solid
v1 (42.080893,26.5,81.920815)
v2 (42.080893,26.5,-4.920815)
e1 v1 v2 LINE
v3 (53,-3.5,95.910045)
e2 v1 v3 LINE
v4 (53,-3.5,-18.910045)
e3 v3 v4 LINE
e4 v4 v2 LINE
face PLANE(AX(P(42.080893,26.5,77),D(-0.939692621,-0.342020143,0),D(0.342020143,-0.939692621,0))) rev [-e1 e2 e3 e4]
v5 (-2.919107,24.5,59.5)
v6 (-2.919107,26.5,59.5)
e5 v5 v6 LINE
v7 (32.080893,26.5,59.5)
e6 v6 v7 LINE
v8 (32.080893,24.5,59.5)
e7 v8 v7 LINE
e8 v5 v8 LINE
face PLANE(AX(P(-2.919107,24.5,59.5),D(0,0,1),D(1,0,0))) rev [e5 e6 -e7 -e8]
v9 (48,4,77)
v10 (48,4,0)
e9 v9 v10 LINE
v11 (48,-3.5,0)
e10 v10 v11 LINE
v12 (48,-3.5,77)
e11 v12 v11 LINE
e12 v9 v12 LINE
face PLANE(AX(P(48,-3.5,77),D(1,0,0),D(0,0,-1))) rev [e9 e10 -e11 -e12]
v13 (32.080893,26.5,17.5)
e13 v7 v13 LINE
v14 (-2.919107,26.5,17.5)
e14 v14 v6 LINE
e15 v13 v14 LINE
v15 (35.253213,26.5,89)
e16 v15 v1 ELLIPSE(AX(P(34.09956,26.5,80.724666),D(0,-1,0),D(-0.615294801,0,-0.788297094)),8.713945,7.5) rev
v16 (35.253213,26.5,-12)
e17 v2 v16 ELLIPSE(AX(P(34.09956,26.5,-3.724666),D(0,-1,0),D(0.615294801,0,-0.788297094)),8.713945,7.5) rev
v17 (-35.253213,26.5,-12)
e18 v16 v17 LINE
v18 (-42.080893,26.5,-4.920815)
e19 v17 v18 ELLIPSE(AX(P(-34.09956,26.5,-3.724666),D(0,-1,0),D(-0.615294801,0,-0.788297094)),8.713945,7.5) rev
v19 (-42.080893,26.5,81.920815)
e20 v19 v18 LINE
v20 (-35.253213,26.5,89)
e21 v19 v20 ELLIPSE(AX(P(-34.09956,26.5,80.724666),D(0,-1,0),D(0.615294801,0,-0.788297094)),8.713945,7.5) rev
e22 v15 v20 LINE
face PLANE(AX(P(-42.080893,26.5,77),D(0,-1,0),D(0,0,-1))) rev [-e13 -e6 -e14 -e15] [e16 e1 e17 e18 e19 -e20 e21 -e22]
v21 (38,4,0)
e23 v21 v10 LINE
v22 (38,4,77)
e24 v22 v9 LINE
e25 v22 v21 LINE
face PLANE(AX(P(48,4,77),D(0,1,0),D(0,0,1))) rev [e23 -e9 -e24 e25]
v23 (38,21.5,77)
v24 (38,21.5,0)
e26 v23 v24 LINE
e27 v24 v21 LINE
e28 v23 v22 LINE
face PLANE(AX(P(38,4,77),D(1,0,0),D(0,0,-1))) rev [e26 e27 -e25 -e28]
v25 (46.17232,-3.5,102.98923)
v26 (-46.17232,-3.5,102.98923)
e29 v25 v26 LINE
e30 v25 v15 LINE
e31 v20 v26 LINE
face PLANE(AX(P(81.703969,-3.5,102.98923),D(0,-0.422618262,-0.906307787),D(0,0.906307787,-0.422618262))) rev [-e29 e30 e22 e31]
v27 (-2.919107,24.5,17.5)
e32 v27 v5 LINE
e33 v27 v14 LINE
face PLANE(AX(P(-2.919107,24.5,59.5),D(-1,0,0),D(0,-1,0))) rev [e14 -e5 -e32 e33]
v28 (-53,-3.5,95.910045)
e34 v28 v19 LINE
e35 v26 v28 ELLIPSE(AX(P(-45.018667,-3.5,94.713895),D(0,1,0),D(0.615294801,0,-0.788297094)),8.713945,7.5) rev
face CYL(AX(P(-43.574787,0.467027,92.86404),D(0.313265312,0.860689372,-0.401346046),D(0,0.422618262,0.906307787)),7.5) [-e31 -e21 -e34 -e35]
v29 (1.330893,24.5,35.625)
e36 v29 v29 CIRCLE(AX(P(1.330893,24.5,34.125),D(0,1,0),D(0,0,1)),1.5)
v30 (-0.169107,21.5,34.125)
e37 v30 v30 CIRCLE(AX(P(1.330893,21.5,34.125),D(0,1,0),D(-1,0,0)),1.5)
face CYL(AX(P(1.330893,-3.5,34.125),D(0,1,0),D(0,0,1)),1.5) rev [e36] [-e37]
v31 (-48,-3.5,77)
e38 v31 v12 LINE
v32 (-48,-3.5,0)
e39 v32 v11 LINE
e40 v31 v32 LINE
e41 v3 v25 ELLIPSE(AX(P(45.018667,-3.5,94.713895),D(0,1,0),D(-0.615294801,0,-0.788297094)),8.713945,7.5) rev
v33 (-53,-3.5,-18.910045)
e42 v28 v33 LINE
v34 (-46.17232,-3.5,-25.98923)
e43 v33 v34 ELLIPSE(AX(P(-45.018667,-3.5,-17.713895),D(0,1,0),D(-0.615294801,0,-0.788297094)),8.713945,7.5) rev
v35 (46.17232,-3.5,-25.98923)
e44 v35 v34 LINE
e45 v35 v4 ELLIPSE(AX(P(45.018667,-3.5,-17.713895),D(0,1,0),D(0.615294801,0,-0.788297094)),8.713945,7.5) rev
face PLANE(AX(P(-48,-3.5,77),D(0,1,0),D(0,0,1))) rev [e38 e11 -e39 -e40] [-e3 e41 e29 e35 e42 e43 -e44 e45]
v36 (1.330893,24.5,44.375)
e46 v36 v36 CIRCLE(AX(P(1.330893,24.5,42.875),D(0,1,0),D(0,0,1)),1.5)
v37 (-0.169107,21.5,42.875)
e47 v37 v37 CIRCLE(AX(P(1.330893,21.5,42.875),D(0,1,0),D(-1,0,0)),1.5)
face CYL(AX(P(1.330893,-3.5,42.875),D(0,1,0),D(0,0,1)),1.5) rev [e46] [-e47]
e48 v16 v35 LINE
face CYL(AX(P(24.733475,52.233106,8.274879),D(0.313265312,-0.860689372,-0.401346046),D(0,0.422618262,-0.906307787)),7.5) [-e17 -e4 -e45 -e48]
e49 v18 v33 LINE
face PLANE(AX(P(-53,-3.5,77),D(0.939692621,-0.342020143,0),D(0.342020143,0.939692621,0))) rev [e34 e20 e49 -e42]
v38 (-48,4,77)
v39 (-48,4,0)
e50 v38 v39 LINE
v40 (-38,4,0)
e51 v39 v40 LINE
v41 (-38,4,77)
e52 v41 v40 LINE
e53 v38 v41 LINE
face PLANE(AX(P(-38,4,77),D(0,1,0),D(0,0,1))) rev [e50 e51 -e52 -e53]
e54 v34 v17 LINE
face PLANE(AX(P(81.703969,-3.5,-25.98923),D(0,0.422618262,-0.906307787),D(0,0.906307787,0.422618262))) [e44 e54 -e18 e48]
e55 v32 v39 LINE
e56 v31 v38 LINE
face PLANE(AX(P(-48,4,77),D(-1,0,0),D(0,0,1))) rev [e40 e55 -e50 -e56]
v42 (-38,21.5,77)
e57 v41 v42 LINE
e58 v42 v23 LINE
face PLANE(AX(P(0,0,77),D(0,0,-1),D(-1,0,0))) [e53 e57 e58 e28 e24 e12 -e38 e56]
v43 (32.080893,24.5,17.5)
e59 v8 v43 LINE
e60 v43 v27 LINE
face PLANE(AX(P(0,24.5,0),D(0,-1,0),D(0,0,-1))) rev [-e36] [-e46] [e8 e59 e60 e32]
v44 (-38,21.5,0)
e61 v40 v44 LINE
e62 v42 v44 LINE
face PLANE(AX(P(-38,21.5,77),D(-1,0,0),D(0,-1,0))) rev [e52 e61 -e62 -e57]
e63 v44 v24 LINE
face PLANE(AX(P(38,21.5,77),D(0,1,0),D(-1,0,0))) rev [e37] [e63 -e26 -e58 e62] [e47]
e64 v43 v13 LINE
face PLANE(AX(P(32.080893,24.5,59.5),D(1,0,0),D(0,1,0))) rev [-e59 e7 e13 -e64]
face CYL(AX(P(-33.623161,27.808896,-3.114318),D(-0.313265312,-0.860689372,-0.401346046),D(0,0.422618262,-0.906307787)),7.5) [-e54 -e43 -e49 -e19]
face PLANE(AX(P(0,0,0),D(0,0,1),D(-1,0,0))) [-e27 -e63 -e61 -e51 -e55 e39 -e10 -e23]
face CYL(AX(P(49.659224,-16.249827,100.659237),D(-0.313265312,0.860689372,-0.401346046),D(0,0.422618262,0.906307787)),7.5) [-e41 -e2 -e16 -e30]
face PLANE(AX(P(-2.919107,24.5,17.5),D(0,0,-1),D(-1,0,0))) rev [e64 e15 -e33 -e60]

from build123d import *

# Parameters (mm, degrees)
TOP_ENCLOSURE_DEPTH    = 77
TOP_EXTRA_DEPTH        = 12
SKETCH3_W              = 35
SKETCH3_H              = 42
SOLAR_CELL_SLOT_DEPTH  = 2
SKETCH4_R              = 1.5
SOLAR_CELL_HOLES_DEPTH = 108.30330843
BOSS_EXTRUDE1_REACH    = 108.922
BOSS_EXTRUDE2_REACH    = 120.819
FILLET1_R              = 7.5


with BuildPart() as part:
    # Master_Geometry → Top_Enclosure (new body)
    with BuildSketch(Plane.XY):
        Polygon((-48, -3.5), (-53, -3.5), (-42.080892972, 26.5), (42.080892972, 26.5), (53, -3.5), (48, -3.5), (48, 4), (38, 4), (38, 21.5), (-38, 21.5), (-38, 4), (-48, 4), align=None)
    extrude(amount=TOP_ENCLOSURE_DEPTH)

    # Sketch2 → Top_Extra (add)
    with BuildSketch(Plane.XY.offset(77)):
        Polygon((-42.080892972, 26.5), (42.080892972, 26.5), (53, -3.5), (-53, -3.5), align=None)
    top_extra = extrude(amount=TOP_EXTRA_DEPTH)

    # Mirror1: Top_Extra across plane
    add(top_extra.mirror(Plane(origin=(0, 0, 38.5), x_dir=(1, 0, 0), z_dir=(0, 0, -1))))

    # Sketch3 → Solar_Cell_Slot (cut)
    with BuildSketch(Plane(origin=(0, 26.5, 0), x_dir=(1, 0, 0), z_dir=(0, 1, 0))):
        with Locations((14.580892972, -38.5)):
            Rectangle(SKETCH3_W, SKETCH3_H)
    extrude(amount=-SOLAR_CELL_SLOT_DEPTH, mode=Mode.SUBTRACT)

    # Sketch4 → Solar_Cell_Holes (cut, through all)
    with BuildSketch(Plane(origin=(0, 24.5, 0), x_dir=(1, 0, 0), z_dir=(0, 1, 0))):
        with Locations(Location((1.330892972, -34.125, 0), (0, 0, 270))):
            Circle(SKETCH4_R)
        with Locations(Location((1.330892972, -42.875, 0), (0, 0, 270))):
            Circle(SKETCH4_R)
    extrude(amount=-SOLAR_CELL_HOLES_DEPTH, mode=Mode.SUBTRACT)

    # Boss-Extrude1: up to this plane
    boss_extrude1_end = Plane(origin=(42.080892972, 26.5, 77), z_dir=(-0.9396926207859069, -0.3420201433256729, 0))
    # Sketch5 → Boss-Extrude1 (add, up to the surface)
    with BuildSketch(Plane(origin=(0, 0, 0), x_dir=(0, 0, -1), z_dir=(1, 0, 0)), mode=Mode.PRIVATE) as boss_extrude1_sk1:
        Polygon((-89, 26.5), (-89, -3.5), (-102.989229745, -3.5), align=None)
    boss_extrude1_tool1 = split(extrude(boss_extrude1_sk1.sketch, amount=BOSS_EXTRUDE1_REACH, mode=Mode.PRIVATE), bisect_by=boss_extrude1_end, keep=Keep.BOTH, mode=Mode.PRIVATE)
    boss_extrude1 = boss_extrude1_tool1.solids().sort_by_distance((0, 6.5, 93.663077))[0]
    add(boss_extrude1)

    # Boss-Extrude2: up to this face of the body (flat: up to its plane)
    boss_extrude2_end = Plane(part.part.faces().sort_by_distance((-47.540446486, 11.5, 38.5))[0])
    # Sketch6 → Boss-Extrude2 (add, up to the picked face)
    with BuildSketch(Plane.ZY, mode=Mode.PRIVATE) as boss_extrude2_sk1:
        Polygon((89, 26.5), (102.989229745, -3.5), (89, -3.5), align=None)
    boss_extrude2_tool1 = split(extrude(boss_extrude2_sk1.sketch, amount=BOSS_EXTRUDE2_REACH, mode=Mode.PRIVATE), bisect_by=boss_extrude2_end, keep=Keep.BOTH, mode=Mode.PRIVATE)
    boss_extrude2 = boss_extrude2_tool1.solids().sort_by(Axis((0, 6.5, 93.663077), (-1, 0, 0)))[0]
    add(boss_extrude2)

    # Mirror3: Boss-Extrude1, Boss-Extrude2 across plane
    add(boss_extrude1.mirror(Plane(origin=(0, 0, 38.5), x_dir=(1, 0, 0), z_dir=(0, 0, -1))))
    add(boss_extrude2.mirror(Plane(origin=(0, 0, 38.5), x_dir=(1, 0, 0), z_dir=(0, 0, -1))))

    # Fillet1
    fillet1_edges = [part.edges().sort_by_distance(p)[0] for p in [
        (-47.540446486, 11.5, 95.994614872),
        (47.540446486, 11.5, -18.994614872),
        (-47.540446486, 11.5, -18.994614872),
        (47.540446486, 11.5, 95.994614872),
    ]]
    fillet(fillet1_edges, radius=FILLET1_R)


solid = part.part
